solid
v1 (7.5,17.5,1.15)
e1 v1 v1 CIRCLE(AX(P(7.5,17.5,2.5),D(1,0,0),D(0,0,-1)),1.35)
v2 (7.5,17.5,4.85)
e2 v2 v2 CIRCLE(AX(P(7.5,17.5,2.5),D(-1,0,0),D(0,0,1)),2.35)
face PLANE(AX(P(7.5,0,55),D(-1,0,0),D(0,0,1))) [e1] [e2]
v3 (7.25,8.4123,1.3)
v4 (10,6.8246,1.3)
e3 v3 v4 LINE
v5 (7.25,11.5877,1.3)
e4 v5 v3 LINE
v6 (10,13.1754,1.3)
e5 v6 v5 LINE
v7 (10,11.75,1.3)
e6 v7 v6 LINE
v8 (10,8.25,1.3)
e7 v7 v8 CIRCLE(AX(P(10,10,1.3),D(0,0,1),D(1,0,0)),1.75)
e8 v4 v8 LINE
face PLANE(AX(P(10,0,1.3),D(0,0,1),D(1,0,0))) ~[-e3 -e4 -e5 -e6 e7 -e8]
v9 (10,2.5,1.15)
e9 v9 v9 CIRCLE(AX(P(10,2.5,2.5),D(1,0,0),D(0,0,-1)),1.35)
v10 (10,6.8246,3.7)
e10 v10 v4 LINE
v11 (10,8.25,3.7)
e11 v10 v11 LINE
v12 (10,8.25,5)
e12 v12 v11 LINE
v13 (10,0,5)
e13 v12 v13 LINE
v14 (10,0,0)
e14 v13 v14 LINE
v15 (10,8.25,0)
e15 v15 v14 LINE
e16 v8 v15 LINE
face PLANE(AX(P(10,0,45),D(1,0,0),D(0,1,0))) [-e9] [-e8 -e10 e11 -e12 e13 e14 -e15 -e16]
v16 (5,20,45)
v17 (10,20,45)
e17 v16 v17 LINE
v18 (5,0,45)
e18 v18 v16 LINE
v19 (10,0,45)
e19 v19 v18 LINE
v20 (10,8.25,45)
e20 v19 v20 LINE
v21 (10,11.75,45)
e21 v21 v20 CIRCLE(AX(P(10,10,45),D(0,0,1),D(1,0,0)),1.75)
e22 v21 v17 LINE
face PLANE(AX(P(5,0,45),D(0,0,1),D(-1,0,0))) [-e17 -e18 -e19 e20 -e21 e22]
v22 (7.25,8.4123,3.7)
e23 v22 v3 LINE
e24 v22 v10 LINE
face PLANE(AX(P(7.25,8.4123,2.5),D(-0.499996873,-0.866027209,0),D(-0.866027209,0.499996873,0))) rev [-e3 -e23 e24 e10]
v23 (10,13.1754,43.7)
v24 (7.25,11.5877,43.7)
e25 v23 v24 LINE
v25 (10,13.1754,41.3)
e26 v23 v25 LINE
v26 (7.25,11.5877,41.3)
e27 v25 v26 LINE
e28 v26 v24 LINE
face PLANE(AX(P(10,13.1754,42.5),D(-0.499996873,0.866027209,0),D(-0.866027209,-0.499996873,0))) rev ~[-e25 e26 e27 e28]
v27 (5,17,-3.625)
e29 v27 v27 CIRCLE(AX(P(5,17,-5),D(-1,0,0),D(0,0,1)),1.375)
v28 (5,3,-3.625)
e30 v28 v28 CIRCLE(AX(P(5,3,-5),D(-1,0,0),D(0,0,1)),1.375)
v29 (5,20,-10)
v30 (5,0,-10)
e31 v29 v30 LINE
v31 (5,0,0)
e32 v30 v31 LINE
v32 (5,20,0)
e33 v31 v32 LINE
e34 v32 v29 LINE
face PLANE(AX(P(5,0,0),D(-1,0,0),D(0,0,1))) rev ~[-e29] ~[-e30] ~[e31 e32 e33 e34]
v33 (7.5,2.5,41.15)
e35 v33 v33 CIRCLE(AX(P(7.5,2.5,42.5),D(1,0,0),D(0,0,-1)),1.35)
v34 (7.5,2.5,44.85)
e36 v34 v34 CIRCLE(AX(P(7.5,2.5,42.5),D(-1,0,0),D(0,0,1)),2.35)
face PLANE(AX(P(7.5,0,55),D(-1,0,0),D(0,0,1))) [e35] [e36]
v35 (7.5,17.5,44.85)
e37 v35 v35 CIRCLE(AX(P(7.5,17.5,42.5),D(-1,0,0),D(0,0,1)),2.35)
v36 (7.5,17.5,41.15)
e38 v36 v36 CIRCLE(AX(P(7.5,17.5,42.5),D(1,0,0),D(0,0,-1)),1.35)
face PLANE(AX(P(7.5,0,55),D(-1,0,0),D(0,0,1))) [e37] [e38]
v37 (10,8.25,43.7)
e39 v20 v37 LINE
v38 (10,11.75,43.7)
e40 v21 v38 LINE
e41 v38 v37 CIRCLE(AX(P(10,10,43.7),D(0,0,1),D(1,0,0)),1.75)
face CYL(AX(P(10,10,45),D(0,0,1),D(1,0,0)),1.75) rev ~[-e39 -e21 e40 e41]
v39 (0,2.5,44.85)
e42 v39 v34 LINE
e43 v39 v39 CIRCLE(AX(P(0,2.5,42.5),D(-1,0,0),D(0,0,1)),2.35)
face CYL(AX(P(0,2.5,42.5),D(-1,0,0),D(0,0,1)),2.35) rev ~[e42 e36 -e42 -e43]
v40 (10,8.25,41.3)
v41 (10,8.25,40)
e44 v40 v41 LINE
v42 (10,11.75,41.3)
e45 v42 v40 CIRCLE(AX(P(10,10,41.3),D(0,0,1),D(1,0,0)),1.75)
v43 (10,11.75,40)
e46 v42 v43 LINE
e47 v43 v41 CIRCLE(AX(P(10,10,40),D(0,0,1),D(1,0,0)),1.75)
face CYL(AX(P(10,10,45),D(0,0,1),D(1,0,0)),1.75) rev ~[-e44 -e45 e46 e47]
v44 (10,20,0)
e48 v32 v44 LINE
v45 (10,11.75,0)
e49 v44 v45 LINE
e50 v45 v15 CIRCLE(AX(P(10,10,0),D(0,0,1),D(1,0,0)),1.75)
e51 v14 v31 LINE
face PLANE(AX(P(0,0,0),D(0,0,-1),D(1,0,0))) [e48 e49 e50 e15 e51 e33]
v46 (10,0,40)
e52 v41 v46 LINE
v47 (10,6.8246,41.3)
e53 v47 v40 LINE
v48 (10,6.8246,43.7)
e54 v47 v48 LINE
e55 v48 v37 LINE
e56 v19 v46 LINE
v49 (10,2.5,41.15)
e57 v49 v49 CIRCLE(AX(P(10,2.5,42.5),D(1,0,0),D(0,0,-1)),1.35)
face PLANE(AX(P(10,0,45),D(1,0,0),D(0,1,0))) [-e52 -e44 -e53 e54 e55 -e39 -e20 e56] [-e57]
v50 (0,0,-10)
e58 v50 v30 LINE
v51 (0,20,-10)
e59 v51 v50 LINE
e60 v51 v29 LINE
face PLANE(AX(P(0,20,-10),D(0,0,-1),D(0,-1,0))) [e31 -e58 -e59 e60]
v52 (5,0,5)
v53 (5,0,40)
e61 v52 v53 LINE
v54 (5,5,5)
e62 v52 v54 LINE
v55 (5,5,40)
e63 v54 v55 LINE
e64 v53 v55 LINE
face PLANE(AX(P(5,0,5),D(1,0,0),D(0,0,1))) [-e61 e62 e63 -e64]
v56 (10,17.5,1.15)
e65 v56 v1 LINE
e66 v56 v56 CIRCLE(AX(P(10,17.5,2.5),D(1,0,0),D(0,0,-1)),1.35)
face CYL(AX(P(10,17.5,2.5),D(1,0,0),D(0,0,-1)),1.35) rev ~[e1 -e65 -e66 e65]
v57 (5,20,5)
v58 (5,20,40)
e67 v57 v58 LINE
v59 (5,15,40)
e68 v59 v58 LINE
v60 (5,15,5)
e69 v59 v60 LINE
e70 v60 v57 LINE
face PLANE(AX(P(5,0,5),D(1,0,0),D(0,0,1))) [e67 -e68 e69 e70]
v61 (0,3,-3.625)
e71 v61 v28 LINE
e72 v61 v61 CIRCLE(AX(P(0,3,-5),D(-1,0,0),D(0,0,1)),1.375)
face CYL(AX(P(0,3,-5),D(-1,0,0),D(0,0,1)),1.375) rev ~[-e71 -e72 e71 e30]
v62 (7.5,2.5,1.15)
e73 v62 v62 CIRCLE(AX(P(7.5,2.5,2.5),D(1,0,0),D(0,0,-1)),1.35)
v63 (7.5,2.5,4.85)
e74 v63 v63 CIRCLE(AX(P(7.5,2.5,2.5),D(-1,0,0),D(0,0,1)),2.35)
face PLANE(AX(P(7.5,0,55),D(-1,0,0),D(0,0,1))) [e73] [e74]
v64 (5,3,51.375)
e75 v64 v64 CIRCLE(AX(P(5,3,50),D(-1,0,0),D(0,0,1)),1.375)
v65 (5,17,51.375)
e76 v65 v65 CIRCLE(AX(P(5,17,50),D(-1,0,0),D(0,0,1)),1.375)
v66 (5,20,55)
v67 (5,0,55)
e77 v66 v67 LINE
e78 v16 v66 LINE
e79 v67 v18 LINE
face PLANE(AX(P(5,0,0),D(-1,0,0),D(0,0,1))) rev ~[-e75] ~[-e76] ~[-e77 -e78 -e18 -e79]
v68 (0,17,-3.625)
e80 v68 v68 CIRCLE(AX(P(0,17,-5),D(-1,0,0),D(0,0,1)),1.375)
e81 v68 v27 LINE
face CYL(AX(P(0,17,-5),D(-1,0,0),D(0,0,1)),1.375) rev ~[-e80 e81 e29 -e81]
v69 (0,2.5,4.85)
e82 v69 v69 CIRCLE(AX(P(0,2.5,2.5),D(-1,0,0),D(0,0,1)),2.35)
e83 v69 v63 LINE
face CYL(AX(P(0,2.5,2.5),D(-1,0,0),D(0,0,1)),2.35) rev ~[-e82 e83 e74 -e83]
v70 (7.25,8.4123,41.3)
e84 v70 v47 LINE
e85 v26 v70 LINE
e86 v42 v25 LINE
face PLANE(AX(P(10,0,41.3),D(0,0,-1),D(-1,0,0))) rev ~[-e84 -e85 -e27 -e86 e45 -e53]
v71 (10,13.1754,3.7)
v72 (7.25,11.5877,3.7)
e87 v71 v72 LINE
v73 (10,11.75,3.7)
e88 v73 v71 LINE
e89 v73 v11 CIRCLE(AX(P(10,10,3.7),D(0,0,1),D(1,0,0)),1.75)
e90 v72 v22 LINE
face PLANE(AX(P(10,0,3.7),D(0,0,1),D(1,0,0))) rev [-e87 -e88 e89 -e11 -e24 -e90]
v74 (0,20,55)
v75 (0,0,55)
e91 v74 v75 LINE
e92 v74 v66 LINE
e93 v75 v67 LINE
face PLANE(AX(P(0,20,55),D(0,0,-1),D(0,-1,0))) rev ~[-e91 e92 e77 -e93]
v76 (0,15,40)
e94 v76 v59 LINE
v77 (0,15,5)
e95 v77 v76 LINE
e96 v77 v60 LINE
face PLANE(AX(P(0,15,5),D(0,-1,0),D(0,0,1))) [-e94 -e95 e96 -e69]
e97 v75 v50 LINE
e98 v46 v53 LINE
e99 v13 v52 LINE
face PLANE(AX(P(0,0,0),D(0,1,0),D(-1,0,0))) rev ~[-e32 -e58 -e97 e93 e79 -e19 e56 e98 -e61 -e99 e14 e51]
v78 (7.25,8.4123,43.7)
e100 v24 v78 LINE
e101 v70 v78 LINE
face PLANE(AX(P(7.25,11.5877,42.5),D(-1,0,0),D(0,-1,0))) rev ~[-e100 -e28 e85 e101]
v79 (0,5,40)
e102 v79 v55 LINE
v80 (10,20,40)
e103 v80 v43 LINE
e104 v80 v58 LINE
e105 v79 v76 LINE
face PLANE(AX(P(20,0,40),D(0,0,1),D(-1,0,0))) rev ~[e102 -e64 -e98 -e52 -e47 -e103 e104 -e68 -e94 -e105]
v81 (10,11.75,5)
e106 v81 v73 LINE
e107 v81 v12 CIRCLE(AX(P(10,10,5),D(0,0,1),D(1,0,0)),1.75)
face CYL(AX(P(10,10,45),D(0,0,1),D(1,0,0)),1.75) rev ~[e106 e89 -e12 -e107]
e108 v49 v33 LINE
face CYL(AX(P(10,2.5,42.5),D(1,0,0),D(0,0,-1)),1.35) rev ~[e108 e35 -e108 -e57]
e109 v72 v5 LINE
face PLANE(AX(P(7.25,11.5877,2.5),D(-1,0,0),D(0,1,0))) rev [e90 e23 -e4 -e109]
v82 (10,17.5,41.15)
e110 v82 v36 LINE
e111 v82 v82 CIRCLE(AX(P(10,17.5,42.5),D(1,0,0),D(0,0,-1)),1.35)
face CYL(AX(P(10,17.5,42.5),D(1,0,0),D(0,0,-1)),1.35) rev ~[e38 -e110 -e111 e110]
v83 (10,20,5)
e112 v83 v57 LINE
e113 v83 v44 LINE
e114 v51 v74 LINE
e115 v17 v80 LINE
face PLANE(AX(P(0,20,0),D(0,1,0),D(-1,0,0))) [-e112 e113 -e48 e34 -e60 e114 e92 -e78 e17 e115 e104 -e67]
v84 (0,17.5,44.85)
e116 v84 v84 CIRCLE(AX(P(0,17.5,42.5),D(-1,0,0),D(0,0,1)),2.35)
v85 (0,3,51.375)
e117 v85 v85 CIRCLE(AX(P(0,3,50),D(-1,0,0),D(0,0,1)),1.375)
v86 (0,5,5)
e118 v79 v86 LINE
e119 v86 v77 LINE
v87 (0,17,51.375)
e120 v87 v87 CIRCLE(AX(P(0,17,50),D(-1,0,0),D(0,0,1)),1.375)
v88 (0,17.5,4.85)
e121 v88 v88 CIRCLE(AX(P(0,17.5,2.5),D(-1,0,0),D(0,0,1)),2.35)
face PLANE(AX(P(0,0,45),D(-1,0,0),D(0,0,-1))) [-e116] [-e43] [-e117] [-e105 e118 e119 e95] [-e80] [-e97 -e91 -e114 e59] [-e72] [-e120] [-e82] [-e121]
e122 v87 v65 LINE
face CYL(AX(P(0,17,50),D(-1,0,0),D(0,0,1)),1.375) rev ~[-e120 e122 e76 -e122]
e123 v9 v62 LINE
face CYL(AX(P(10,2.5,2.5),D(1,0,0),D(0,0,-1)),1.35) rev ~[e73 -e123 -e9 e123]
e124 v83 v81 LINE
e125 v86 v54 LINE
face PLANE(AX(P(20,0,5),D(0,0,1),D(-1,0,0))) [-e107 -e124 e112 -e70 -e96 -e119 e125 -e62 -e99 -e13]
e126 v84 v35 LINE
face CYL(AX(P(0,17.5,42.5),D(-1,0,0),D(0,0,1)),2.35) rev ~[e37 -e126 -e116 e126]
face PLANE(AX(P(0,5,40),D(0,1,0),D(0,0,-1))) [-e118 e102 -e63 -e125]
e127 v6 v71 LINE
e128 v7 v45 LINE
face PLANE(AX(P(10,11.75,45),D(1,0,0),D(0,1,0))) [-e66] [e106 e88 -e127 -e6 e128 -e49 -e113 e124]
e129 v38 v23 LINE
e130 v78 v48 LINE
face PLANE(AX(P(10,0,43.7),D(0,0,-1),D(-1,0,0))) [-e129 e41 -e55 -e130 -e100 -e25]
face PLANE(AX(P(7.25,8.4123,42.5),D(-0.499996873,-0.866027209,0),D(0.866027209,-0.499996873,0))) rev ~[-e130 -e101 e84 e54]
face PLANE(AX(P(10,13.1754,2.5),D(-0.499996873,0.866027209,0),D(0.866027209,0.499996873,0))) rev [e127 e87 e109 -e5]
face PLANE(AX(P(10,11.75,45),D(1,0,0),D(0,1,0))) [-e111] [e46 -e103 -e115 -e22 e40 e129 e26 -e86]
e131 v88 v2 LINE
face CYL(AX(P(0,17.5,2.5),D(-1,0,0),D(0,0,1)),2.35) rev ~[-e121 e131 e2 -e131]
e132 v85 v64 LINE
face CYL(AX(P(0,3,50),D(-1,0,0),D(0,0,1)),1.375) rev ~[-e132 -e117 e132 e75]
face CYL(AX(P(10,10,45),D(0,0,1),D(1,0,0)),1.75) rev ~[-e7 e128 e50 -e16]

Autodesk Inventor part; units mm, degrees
ref_plane "YZ Plane" through (0, 0, 0) normal (1, 0, 0) x (0, 1, 0)
sketch "Sketch1" plane through (0, 0, 0) normal (0, 1, 0) x (-1, 0, 0)
  line L0 (0, 0) -> (-5, 0)
  line L1 (-5, 0) -> (-5, 45)
  line L2 (-5, 45) -> (0, 45)
  line L3 (0, 45) -> (0, 0)
  line L4 (-5, 45) -> (-20, 45)
  line L5 (-20, 45) -> (-20, 40)
  line L6 (-20, 40) -> (-5, 40)
  line L7 (-5, 40) -> (-5, 45)
  line L8 (-5, 0) -> (-20, 0)
  line L9 (-20, 0) -> (-20, 5)
  line L10 (-20, 5) -> (-5, 5)
  line L11 (-5, 5) -> (-5, 0)
  point P0 (-5, 40)
  point P1 (-5, 5)
  dimension "d0" = 5
  dimension "d1" = 5
  dimension "d2" = 5
  dimension "d3" = 15
  dimension "d4" = 15
  dimension "d5" = 35
extrude "Extrusion1" add sketch "Sketch1" along normal blind 20
sketch "Sketch2" plane through (0, 0, 45) normal (0, 0, 1) x (1, 0, 0)
  circle A0 centre (10, 10) radius 1.75
  line L0 (20, 0) -> (20, 20) projected
  line L1 (20, 0) -> (10, 0)
  line L2 (10, 0) -> (10, 20)
  line L3 (10, 20) -> (20, 20)
  line L4 (20, 20) -> (20, 0)
  line L5 (0, 0) -> (20, 0) projected
  dimension "d8" = 10
  dimension "d9" = 10
  dimension "d10" = 10
  dimension "d11" = 3.5
extrude "Extrusion2" cut sketch "Sketch2" against normal blind 200
sketch "Sketch3" plane through (0, 0, 0) normal (-1, 0, 0) x (0, 0, 1)
  line L0 (5, 0) -> (5, 20) projected
  line L1 (40, 0) -> (40, 20) projected
  line L2 (5, 15) -> (40, 15)
  line L3 (40, 15) -> (40, 5)
  line L4 (40, 5) -> (5, 5)
  line L5 (5, 5) -> (5, 15)
  line L6 (0, 20) -> (45, 20) projected
  line L7 (0, 0) -> (45, 0) projected
  point P0 (5, 5)
  dimension "d14" = 5
  dimension "d15" = 5
extrude "Extrusion3" cut sketch "Sketch3" against normal blind 20 contours L0 L2 L1 L4
sketch "Sketch4" plane through (0, 0, 0) normal (-1, 0, 0) x (0, 0, 1)
  line L0 (45, 0) -> (45, 20) projected
  line L1 (45, 20) -> (55, 20)
  line L2 (55, 20) -> (55, 0)
  line L3 (55, 0) -> (45, 0)
  line L4 (45, 0) -> (45, 20)
  line L5 (0, 20) -> (0, 11.75) projected
  line L6 (0, 20) -> (-10, 20)
  line L7 (-10, 20) -> (-10, 0)
  line L8 (-10, 0) -> (0, 0)
  line L9 (0, 0) -> (0, 20)
  circle A0 centre (50, 3) radius 1.375
  circle A1 centre (50, 17) radius 1.375
  circle A2 centre (-5, 17) radius 1.375
  circle A3 centre (-5, 3) radius 1.375
  point P0 (0, 0)
  point P1 (50, 20)
  dimension "d18" = 10
  dimension "d19" = 10
  dimension "d20" = 3
  dimension "d21" = 3
  dimension "d22" = 5
  dimension "d23" = 5
  dimension "d24" = 5
  dimension "d25" = 5
  dimension "d26" = 3
  dimension "d27" = 3
  dimension "d28" = 2.75
  dimension "d29" = 2.75
  dimension "d30" = 2.75
  dimension "d31" = 2.75
extrude "Extrusion4" add sketch "Sketch4" against normal blind 5
sketch "Sketch5" plane through (10, 11.75, 45) normal (1, 0, 0) x (0, 0, -1)
  circle A0 centre (42.5, 5.75) radius 1.35
  circle A1 centre (42.5, -9.25) radius 1.35
  circle A2 centre (2.5, 5.75) radius 1.35
  circle A3 centre (2.5, -9.25) radius 1.35
  line L0 (40, 8.25) -> (45, 8.25) projected
  line L1 (45, 8.25) -> (45, 0) projected
  line L2 (45, -3.5) -> (45, -11.75) projected
  line L3 (45, -11.75) -> (40, -11.75) projected
  line L4 (5, -11.75) -> (0, -11.75) projected
  line L5 (0, -11.75) -> (0, -3.5) projected
  line L6 (0, 0) -> (0, 8.25) projected
  line L7 (0, 8.25) -> (5, 8.25) projected
  dimension "d34" = 2.5
  dimension "d35" = 2.5
  dimension "d36" = 2.5
  dimension "d37" = 2.5
  dimension "d38" = 2.5
  dimension "d39" = 2.5
  dimension "d40" = 2.5
  dimension "d41" = 2.5
  dimension "d42" = 2.7
  dimension "d43" = 2.7
  dimension "d44" = 2.7
  dimension "d45" = 2.7
extrude "Extrusion5" cut sketch "Sketch5" against normal blind 15
sketch "Sketch6" plane through (0, 0, 55) normal (-1, 0, 0) x (0, 0, 1)
  circle A0 centre (-12.5, 17.5) radius 1.35 projected
  circle A1 centre (-12.5, 17.5) radius 2.35
  circle A2 centre (-12.5, 2.5) radius 1.35 projected
  circle A3 centre (-12.5, 2.5) radius 2.35
  circle A4 centre (-52.5, 2.5) radius 1.35 projected
  circle A5 centre (-52.5, 2.5) radius 2.35
  circle A6 centre (-52.5, 17.5) radius 1.35 projected
  circle A7 centre (-52.5, 17.5) radius 2.35
  point P0 (-55, 0)
  dimension "d48" = 4.7
  dimension "d49" = 4.7
  dimension "d50" = 4.7
  dimension "d51" = 4.7
extrude "Extrusion6" cut sketch "Sketch6" against normal blind 7.5 contours A0 | A1 | A2 | A3 | A4 | A5 | A6 | A7
ref_plane "Work Plane1" through (10, 0, 42.5) normal (0, 0, -1) x (-1, 0, 0)
sketch "Sketch7" plane through (10, 0, 42.5) normal (0, 0, -1) x (-1, 0, 0)
  line L0 (0, 11.75) -> (0, 20) projected
  line L1 (5, 20) -> (0, 20) projected
  line L2 (5, 0) -> (0, 0) projected
  arc A0 (0, 8.25) -> (0, 11.75) centre (0, 10) ccw projected
  line L3 (0, 20) -> (0, 11.75) projected
  line L4 (0, 13.1754) -> (2.75, 11.5877)
  line L5 (2.75, 11.5877) -> (2.75, 8.4123)
  line L6 (2.75, 8.4123) -> (0, 6.8246)
  line L7 (0, 6.8246) -> (-2.75, 8.4123)
  line L8 (-2.75, 8.4123) -> (-2.75, 11.5877)
  line L9 (-2.75, 11.5877) -> (0, 13.1754)
  point P0 (10, 0)
  dimension "d57" = 20
  dimension "d60" = 2.75
extrude "Extrusion7" cut sketch "Sketch7" along normal mid plane 2.4
ref_plane "Work Plane2" through (0, 0, 22.5) normal (0, 0, 1) x (1, 0, 0)
mirror "Mirror1" about plane through (0, 0, 22.5) normal (0, 0, 1) of "Extrusion7"
equation "\"d14\" = d15"
equation "\"d19\" = d18"
equation "\"d20\" = d21"
equation "\"d24\" = d23"
equation "\"d25\" = d22"
equation "\"d26\" = d20"
equation "\"d27\" = d21"
equation "\"d34\" = d35"
equation "\"d37\" = d34"
equation "\"d38\" = d34"
equation "\"d39\" = d36"
equation "\"d40\" = d39"
equation "\"d41\" = d34"
equation "\"d43\" = d42"
equation "\"d44\" = d42"
equation "\"d45\" = d43"
equation "\"d49\" = d48"
equation "\"d50\" = d49"
equation "\"d51\" = d48"
properties part number "MotorDifferentialMountingBracket" material "Stainless Steel"
